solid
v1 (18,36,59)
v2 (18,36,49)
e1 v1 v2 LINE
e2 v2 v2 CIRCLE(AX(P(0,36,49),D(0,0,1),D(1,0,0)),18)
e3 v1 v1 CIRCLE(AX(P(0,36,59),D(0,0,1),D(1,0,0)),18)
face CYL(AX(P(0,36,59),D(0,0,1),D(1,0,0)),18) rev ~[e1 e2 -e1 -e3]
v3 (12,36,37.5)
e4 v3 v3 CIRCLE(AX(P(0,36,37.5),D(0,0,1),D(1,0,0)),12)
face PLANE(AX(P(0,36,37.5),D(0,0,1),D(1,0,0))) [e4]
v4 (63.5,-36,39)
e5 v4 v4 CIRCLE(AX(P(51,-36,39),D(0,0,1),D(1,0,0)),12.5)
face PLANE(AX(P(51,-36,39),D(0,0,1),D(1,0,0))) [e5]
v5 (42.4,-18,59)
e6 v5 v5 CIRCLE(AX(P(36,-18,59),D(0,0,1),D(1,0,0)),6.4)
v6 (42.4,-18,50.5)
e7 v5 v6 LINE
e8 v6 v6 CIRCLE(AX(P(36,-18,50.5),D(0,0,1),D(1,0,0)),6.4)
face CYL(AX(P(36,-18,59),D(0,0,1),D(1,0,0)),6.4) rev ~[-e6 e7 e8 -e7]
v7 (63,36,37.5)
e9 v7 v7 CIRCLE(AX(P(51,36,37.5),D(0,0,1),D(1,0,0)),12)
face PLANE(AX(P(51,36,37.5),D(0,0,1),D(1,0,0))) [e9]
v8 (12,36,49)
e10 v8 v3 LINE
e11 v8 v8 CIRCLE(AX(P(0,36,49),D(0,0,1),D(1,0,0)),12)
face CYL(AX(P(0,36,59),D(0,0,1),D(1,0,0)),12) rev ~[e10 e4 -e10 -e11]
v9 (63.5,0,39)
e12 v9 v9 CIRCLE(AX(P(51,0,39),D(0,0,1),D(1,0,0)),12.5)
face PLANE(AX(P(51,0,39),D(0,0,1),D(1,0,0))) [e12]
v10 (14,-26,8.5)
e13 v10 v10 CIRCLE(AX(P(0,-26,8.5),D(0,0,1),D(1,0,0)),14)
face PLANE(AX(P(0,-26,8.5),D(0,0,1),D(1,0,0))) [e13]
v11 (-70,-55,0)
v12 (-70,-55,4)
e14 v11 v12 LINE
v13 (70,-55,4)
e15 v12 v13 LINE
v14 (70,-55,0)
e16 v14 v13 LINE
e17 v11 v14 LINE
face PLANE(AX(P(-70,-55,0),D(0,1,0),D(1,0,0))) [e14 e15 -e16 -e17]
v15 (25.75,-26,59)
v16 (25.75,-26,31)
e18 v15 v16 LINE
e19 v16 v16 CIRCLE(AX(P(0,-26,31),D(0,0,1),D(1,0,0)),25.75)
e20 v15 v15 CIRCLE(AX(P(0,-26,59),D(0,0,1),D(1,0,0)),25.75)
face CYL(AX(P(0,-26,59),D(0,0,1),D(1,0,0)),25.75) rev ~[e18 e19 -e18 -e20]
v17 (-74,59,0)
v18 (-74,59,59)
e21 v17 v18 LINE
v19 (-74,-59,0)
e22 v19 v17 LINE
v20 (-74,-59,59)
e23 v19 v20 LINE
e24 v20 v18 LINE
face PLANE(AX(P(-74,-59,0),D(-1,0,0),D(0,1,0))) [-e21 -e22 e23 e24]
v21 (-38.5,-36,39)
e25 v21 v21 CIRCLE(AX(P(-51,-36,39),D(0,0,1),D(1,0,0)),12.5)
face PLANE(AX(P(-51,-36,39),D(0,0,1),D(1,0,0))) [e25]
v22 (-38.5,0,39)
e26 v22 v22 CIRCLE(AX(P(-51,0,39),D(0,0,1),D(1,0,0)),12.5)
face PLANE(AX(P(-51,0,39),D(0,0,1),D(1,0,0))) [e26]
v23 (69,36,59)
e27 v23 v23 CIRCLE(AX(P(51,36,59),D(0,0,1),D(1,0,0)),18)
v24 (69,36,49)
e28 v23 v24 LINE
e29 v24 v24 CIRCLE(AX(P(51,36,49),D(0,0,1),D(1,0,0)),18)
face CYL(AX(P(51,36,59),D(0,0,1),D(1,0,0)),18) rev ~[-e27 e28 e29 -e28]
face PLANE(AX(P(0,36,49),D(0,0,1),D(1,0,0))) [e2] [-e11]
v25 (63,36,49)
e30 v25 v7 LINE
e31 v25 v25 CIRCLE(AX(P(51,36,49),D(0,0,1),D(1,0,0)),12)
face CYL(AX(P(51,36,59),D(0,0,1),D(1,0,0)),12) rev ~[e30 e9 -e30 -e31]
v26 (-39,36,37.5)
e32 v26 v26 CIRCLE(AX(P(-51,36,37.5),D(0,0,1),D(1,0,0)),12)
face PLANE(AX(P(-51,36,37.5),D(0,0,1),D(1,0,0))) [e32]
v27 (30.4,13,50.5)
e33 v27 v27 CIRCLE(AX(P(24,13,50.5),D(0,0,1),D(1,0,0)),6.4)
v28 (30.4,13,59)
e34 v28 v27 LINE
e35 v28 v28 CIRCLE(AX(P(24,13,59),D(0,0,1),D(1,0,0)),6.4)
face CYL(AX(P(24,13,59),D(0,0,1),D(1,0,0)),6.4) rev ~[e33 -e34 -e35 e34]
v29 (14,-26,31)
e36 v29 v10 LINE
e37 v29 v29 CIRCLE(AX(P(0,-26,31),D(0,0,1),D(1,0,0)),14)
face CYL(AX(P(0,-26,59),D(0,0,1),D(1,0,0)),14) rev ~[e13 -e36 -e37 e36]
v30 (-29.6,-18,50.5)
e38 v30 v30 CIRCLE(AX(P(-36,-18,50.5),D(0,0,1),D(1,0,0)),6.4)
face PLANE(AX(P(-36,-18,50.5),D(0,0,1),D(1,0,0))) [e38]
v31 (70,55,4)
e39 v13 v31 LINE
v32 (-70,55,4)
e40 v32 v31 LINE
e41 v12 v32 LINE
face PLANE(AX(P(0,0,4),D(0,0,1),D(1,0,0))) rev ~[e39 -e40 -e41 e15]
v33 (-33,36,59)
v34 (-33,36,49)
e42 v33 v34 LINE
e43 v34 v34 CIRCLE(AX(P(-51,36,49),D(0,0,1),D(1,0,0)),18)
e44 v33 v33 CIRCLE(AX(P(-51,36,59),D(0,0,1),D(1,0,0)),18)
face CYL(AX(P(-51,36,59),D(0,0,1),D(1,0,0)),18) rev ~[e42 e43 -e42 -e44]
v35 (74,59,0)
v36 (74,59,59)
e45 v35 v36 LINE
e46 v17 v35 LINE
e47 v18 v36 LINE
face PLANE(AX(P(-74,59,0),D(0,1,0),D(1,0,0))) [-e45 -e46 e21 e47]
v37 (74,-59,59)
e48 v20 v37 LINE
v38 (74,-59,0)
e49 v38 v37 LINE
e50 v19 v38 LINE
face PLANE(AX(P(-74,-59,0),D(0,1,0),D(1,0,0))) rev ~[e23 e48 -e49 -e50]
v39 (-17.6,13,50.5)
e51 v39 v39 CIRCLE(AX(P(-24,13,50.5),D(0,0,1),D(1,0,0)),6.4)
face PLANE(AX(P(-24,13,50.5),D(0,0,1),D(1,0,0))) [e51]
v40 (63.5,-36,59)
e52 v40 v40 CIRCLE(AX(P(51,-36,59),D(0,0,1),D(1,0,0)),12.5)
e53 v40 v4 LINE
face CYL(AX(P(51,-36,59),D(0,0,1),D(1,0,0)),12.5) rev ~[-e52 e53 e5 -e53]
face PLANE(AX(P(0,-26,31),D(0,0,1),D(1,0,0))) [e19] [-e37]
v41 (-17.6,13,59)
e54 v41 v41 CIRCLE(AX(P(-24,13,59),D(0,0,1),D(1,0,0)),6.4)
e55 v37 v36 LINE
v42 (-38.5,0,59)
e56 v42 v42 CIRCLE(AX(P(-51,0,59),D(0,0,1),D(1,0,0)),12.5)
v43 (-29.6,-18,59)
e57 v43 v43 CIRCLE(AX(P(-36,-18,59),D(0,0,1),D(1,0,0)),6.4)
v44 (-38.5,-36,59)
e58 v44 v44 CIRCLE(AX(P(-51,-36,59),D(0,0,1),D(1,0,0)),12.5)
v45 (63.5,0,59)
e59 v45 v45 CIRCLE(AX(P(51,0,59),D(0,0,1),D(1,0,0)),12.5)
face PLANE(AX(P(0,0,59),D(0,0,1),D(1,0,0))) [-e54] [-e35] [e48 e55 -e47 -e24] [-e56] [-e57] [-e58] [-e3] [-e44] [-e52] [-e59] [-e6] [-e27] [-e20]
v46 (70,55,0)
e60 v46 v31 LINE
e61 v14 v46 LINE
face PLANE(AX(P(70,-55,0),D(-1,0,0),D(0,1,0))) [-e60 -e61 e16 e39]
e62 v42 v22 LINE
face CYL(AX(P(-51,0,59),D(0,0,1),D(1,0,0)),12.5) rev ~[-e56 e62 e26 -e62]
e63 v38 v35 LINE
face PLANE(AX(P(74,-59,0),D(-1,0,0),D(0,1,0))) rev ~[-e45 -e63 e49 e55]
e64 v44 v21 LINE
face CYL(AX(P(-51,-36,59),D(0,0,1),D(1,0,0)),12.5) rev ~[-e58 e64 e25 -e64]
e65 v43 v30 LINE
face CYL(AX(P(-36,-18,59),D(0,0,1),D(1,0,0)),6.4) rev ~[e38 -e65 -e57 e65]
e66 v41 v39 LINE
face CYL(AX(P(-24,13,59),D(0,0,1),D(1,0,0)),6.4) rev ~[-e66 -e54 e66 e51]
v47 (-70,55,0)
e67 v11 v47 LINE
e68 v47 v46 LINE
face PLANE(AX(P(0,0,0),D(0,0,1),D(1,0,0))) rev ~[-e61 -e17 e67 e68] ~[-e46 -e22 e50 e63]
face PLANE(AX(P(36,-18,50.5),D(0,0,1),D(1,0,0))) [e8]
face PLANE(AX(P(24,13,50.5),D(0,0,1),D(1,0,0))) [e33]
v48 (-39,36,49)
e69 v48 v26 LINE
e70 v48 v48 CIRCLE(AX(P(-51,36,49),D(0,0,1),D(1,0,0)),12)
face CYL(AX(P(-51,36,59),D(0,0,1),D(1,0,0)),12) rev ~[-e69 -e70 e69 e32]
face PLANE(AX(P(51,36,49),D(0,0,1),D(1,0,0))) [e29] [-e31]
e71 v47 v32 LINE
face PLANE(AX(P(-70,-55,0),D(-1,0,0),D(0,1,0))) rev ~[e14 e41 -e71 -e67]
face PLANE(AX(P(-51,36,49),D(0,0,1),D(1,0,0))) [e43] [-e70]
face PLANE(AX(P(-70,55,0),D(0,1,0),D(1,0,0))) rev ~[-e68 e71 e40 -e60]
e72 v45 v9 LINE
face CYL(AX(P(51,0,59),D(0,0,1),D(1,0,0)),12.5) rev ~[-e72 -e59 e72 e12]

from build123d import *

# Parameters (mm, degrees)
F0_W      = 148
F0_H      = 118
F1_DEPTH  = 59
F2_R      = 14
F3_DEPTH  = 50.5
F2_R_2    = 25.75
F4_DEPTH  = 28
F2_R_3    = 12
F5_DEPTH  = 21.5
F2_R_4    = 18
F6_DEPTH  = 10
F2_R_5    = 6.4
F7_DEPTH  = 8.5
F2_R_6    = 12.5
F8_DEPTH  = 20
F9_W      = 140
F9_H      = 110
F10_DEPTH = 4


with BuildPart() as f1:
    # F0 (on Top) → F1 (new body)
    with BuildSketch(Plane.XY):
        Rectangle(F0_W, F0_H)
    extrude(amount=F1_DEPTH)

    # F2 (on face) → F3 (cut)
    with BuildSketch(Plane.XY.offset(59)):
        with Locations((0, -26)):
            Circle(F2_R)
    extrude(amount=-F3_DEPTH, mode=Mode.SUBTRACT)

    # F2 (on face) → F4 (cut)
    with BuildSketch(Plane.XY.offset(59)):
        with Locations((0, -26)):
            Circle(F2_R_2)
        with Locations((0, -26)):
            Circle(F2_R, mode=Mode.SUBTRACT)
    extrude(amount=-F4_DEPTH, mode=Mode.SUBTRACT)

    # F2 (on face) → F5 (cut)
    with BuildSketch(Plane.XY.offset(59)):
        with Locations((-51, 36)):
            Circle(F2_R_3)
        with Locations((0, 36)):
            Circle(F2_R_3)
        with Locations((51, 36)):
            Circle(F2_R_3)
    extrude(amount=-F5_DEPTH, mode=Mode.SUBTRACT)

    # F2 (on face) → F6 (cut)
    with BuildSketch(Plane.XY.offset(59)):
        with Locations((-51, 36)):
            Circle(F2_R_4)
        with Locations((-51, 36)):
            Circle(F2_R_3, mode=Mode.SUBTRACT)
        with Locations((0, 36)):
            Circle(F2_R_4)
        with Locations((0, 36)):
            Circle(F2_R_3, mode=Mode.SUBTRACT)
        with Locations((51, 36)):
            Circle(F2_R_4)
        with Locations((51, 36)):
            Circle(F2_R_3, mode=Mode.SUBTRACT)
    extrude(amount=-F6_DEPTH, mode=Mode.SUBTRACT)

    # F2 (on face) → F7 (cut)
    with BuildSketch(Plane.XY.offset(59)):
        with Locations((-36, -18)):
            Circle(F2_R_5)
        with Locations((-24, 13)):
            Circle(F2_R_5)
        with Locations((24, 13)):
            Circle(F2_R_5)
        with Locations((36, -18)):
            Circle(F2_R_5)
    extrude(amount=-F7_DEPTH, mode=Mode.SUBTRACT)

    # F2 (on face) → F8 (cut)
    with BuildSketch(Plane.XY.offset(59)):
        with Locations((-51, -36)):
            Circle(F2_R_6)
        with Locations((-51, 0)):
            Circle(F2_R_6)
        with Locations((51, 0)):
            Circle(F2_R_6)
        with Locations((51, -36)):
            Circle(F2_R_6)
    extrude(amount=-F8_DEPTH, mode=Mode.SUBTRACT)

    # F9 (on face) → F10 (cut)
    with BuildSketch(Plane.XY):
        Rectangle(F9_W, F9_H)
    extrude(amount=F10_DEPTH, mode=Mode.SUBTRACT)


solid = f1.part
